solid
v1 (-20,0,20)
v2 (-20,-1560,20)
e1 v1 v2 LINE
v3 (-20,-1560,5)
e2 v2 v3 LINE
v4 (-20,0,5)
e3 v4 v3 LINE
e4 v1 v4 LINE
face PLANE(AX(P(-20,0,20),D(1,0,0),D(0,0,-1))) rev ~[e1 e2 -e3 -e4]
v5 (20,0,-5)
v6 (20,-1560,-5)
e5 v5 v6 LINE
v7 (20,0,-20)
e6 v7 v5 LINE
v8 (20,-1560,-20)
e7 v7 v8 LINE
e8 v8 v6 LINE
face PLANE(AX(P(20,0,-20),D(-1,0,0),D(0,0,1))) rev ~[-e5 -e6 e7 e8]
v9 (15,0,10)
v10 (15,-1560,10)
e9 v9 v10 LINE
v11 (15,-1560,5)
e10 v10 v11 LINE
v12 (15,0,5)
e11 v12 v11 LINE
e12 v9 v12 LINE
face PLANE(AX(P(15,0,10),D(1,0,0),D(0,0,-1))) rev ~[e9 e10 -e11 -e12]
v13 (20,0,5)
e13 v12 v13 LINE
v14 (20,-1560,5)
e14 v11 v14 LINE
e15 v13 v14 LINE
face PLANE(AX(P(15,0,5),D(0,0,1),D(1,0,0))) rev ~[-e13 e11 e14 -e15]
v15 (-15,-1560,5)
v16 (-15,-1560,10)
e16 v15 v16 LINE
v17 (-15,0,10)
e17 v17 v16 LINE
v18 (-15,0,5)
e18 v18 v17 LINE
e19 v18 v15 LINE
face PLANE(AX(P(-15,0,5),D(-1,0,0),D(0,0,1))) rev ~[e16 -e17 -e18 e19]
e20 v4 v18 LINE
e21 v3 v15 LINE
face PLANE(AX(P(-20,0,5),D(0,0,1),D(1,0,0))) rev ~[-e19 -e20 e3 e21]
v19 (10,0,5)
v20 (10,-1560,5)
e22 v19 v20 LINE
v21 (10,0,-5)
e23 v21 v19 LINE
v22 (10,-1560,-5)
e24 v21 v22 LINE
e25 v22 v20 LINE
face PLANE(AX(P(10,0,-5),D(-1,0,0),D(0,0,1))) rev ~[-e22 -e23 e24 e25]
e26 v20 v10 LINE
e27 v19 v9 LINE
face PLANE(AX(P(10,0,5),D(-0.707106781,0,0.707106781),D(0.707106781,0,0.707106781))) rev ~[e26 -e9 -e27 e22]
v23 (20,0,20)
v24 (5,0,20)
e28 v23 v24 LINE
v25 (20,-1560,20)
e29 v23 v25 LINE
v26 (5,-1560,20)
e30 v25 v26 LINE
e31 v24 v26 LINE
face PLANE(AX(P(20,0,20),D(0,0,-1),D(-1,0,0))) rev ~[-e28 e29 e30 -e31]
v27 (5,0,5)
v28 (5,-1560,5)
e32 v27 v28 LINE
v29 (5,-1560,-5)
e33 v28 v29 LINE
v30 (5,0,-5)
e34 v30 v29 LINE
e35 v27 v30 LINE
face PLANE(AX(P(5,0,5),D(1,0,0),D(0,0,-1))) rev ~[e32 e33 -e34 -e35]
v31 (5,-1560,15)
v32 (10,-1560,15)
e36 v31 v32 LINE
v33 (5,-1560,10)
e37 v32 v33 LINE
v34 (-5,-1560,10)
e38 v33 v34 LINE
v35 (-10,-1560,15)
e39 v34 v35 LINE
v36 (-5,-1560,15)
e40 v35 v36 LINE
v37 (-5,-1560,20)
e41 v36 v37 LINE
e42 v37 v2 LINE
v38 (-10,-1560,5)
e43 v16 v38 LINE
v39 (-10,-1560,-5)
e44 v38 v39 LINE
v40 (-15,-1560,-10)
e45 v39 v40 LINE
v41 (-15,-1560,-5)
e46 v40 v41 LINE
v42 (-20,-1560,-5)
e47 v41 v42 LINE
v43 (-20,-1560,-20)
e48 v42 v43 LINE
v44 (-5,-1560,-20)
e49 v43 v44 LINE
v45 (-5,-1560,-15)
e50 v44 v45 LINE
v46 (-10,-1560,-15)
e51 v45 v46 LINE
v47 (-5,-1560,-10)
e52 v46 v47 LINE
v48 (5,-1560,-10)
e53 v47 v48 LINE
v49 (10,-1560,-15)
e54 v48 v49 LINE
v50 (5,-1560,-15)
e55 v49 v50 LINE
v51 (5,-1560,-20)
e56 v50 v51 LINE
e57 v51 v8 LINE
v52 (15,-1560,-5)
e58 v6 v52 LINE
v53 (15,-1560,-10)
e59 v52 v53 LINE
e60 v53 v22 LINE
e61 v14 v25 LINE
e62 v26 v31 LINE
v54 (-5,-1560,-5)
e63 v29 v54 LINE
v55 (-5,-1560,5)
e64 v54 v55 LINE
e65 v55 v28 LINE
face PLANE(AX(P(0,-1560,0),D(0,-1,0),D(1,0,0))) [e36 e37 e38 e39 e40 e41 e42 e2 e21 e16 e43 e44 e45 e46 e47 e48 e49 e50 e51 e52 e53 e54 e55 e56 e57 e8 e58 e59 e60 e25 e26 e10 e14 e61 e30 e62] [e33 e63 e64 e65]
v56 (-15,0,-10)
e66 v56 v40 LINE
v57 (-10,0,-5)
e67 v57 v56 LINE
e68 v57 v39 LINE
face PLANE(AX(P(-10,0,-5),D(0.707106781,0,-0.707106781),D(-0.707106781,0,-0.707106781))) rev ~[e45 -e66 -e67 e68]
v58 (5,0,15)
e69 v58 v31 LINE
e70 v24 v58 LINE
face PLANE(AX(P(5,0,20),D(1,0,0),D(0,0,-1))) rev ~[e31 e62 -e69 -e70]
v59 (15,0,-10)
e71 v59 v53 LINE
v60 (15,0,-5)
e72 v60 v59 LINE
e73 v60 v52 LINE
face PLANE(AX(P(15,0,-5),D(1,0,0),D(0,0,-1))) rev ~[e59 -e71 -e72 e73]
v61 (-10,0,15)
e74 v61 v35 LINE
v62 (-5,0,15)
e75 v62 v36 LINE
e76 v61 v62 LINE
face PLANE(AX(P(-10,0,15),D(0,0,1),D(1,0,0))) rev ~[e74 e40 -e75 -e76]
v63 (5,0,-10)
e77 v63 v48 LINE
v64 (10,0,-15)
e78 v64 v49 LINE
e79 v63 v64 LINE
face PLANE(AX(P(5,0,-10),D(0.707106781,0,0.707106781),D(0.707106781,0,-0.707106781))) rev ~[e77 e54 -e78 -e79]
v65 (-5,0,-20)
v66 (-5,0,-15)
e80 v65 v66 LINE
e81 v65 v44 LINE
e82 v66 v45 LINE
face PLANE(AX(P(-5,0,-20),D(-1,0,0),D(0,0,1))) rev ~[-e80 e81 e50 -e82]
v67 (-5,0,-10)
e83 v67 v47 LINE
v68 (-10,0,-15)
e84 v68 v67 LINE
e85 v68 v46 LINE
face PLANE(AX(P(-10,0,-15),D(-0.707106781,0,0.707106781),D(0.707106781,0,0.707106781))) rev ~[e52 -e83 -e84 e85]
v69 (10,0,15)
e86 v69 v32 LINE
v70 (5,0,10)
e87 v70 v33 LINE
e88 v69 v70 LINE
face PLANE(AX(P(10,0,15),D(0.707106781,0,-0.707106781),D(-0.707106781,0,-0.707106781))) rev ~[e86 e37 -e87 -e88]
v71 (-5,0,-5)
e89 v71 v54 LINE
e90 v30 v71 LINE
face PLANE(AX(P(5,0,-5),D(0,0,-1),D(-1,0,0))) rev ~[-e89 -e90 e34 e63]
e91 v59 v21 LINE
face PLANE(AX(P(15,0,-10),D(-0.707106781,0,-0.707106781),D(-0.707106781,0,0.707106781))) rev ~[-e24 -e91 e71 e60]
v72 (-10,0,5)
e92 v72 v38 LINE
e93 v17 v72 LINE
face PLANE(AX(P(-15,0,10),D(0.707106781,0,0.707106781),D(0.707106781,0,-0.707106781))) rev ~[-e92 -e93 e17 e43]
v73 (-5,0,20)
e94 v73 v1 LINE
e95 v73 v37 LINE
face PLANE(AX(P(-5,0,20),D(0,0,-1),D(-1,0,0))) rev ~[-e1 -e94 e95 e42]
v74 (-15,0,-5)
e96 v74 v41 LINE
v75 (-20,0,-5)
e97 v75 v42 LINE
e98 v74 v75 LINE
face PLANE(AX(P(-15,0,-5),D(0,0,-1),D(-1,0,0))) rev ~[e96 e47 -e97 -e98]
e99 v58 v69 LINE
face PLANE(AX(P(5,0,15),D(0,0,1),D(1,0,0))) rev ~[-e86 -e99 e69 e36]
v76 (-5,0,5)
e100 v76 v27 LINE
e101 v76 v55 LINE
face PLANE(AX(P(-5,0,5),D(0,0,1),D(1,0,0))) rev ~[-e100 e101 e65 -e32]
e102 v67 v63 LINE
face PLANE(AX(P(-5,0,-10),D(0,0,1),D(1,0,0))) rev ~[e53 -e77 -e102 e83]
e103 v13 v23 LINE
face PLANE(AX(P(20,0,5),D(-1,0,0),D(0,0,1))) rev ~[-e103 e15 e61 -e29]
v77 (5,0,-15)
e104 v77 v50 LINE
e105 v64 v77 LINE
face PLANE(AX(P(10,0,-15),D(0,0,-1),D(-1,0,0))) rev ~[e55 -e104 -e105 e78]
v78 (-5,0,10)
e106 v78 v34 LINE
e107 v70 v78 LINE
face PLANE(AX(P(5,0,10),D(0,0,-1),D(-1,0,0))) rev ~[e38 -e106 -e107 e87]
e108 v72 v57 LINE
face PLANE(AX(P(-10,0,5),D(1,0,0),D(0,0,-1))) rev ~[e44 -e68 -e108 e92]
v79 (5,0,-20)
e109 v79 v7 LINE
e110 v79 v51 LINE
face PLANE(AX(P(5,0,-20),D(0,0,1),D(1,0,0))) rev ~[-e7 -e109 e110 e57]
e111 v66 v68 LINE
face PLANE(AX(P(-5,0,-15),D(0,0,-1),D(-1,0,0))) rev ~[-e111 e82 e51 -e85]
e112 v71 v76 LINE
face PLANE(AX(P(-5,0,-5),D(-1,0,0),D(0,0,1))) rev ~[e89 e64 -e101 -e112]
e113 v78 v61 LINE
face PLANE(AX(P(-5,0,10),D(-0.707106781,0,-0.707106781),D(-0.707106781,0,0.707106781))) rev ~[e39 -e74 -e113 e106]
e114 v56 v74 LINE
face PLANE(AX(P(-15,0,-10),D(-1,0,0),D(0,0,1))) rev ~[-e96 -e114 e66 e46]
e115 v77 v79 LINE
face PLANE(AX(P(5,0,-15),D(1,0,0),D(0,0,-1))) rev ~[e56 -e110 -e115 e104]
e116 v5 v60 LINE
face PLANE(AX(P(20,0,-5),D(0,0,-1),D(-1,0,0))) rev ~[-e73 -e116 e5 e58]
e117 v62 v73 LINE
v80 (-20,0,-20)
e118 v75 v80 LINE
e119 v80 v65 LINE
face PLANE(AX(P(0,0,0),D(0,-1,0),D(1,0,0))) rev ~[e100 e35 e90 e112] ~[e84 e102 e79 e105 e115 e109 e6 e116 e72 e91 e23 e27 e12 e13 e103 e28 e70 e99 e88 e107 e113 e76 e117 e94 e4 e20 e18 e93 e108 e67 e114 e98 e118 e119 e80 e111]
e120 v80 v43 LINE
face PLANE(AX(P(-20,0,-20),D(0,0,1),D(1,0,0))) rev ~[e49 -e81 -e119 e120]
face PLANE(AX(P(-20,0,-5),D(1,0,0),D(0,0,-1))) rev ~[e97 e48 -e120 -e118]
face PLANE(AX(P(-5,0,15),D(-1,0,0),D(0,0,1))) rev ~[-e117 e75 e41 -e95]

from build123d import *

# Parameters (mm, degrees)
F1_DEPTH = 1560


with BuildPart() as f1:
    # F0 (on Front) → F1 (new body)
    with BuildSketch(Plane.XZ):
        Polygon((20, 5), (20, 20), (5, 20), (5, 15), (10, 15), (5, 10), (-5, 10), (-10, 15), (-5, 15), (-5, 20), (-20, 20), (-20, 5), (-15, 5), (-15, 10), (-10, 5), (-10, -5), (-15, -10), (-15, -5), (-20, -5), (-20, -20), (-5, -20), (-5, -15), (-10, -15), (-5, -10), (5, -10), (10, -15), (5, -15), (5, -20), (20, -20), (20, -5), (15, -5), (15, -10), (10, -5), (10, 5), (15, 10), (15, 5), align=None)
        Polygon((-5, 0), (-5, 5), (0, 5), (5, 5), (5, 0), (5, -5), (0, -5), (-5, -5), align=None, mode=Mode.SUBTRACT)
    extrude(amount=F1_DEPTH)


solid = f1.part
